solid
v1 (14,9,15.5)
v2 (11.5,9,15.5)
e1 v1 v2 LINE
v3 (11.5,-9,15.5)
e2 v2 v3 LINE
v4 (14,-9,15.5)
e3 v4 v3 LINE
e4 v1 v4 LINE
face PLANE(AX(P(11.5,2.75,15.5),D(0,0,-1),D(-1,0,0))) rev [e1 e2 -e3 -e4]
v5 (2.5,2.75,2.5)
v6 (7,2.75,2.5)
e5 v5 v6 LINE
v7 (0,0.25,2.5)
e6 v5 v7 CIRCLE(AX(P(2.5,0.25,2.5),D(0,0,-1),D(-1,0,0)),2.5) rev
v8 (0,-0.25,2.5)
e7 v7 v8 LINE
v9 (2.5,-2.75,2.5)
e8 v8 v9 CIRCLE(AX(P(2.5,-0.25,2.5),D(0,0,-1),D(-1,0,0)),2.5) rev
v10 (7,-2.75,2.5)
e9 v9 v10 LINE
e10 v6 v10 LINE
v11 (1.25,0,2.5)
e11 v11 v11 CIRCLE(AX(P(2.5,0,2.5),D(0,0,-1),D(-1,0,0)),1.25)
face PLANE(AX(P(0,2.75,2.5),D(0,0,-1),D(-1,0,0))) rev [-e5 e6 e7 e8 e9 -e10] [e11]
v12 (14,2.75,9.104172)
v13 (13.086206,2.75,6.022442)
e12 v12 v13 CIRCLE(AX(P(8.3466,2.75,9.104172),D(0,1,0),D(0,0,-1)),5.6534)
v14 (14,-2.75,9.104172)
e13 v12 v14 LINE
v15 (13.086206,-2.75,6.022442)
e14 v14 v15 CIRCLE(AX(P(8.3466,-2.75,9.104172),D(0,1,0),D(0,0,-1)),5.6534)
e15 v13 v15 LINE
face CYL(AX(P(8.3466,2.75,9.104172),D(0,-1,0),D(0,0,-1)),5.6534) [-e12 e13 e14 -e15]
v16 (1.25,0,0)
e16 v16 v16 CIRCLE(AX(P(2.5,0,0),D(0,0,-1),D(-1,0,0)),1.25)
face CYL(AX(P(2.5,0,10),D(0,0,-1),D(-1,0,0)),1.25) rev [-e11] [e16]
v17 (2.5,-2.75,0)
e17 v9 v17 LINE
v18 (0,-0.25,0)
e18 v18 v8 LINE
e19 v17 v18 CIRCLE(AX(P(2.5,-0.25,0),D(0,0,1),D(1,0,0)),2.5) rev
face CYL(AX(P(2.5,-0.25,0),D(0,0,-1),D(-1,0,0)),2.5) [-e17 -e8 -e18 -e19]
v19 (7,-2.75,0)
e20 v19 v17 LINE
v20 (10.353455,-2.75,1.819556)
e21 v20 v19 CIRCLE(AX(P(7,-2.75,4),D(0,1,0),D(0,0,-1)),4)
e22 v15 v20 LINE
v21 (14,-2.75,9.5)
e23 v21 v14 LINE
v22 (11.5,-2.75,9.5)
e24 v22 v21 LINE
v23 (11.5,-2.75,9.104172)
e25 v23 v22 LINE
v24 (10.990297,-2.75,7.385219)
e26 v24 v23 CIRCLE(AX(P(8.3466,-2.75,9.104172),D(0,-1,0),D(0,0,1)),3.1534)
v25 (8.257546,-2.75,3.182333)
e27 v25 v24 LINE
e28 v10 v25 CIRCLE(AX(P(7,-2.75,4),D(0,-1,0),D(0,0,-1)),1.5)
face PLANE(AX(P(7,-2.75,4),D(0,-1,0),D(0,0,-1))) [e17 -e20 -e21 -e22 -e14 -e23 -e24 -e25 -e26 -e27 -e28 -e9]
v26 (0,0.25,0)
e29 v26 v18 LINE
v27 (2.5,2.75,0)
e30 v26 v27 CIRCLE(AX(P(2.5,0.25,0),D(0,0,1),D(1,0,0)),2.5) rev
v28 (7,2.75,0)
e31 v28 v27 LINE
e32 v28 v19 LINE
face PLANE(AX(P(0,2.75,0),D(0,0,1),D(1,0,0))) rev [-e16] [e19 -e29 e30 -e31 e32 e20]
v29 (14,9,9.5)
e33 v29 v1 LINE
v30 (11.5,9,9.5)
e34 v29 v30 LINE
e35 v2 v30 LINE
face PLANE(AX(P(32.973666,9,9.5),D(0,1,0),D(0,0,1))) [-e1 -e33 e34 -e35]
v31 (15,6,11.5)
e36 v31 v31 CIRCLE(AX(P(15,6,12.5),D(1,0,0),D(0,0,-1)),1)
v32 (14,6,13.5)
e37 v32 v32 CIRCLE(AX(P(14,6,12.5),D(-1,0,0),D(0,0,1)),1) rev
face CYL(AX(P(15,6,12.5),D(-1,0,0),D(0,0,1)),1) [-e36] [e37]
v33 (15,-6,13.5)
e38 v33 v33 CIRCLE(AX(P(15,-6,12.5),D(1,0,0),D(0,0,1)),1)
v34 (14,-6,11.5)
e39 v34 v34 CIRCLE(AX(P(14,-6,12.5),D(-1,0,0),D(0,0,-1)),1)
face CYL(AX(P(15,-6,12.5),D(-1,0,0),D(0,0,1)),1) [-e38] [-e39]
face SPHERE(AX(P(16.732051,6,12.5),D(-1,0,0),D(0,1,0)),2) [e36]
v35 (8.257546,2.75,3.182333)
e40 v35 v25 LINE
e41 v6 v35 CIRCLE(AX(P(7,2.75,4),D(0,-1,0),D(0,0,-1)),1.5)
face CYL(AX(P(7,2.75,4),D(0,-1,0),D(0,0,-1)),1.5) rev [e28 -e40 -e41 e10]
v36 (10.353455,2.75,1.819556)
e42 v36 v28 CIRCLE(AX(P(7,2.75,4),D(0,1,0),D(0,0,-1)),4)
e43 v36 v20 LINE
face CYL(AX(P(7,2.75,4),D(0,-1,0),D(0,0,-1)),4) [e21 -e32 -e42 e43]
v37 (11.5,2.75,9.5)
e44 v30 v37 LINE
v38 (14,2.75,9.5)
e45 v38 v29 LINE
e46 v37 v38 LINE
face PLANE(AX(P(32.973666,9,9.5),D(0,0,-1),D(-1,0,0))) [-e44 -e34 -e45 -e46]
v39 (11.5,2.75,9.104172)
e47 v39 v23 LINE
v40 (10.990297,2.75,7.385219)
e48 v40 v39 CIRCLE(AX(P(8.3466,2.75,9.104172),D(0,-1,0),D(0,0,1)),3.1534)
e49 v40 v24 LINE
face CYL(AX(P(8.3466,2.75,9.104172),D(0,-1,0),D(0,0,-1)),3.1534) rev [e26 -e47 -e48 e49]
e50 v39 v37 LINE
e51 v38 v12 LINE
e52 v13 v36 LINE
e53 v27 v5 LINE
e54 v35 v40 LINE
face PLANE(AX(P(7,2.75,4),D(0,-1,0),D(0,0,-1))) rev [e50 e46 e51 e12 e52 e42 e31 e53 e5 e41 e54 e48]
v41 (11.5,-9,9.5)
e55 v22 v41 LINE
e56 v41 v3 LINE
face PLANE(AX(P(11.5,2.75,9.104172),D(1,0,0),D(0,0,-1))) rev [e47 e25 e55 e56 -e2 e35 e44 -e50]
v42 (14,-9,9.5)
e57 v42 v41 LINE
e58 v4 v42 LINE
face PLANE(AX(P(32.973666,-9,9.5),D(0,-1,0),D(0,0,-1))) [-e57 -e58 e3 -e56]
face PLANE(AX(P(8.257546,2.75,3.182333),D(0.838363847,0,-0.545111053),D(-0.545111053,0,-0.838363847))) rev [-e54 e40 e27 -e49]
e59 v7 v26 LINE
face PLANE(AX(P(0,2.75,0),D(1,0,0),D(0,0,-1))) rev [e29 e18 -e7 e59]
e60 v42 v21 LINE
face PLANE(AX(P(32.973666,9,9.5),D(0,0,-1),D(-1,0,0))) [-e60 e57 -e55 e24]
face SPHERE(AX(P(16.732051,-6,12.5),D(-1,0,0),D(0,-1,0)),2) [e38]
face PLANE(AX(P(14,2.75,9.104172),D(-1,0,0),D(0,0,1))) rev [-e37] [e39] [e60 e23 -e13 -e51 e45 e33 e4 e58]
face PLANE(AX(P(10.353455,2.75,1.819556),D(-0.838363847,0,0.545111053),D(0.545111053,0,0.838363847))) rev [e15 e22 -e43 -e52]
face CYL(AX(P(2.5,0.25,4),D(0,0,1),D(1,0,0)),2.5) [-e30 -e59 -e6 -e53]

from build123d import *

# Parameters (mm, degrees)
EXTRUDE_1_DEPTH     = 2.75
SKETCH_2_R          = 1.25
CUT_EXTRUDE_1_DEPTH = 10
FILLET_2_R          = 2.5
SKETCH_4_W          = 6
SKETCH_4_H          = 18
EXTRUDE_2_DEPTH     = 2.5
SKETCH_5_R          = 1
EXTRUDE_3_DEPTH     = 1


with BuildPart() as part:
    # 草图1 → 凸台-拉伸1 (new, symmetric)
    with BuildSketch(Plane(origin=(0, 0, 0), x_dir=(1, 0, 0), z_dir=(0, 1, 0))):
        with BuildLine():
            Line((0, 0), (7, 0))
            ThreePointArc((7, 0), (8.907645559, -0.484194485), (10.353455389, -1.819555789))
            Line((10.353455389, -1.819555789), (13.08620622, -6.022441585))
            ThreePointArc((13.08620622, -6.022441585), (13.76673936, -7.496994372), (14, -9.104172255))
            Line((14, -9.104172255), (14, -15.5))
            Line((14, -15.5), (11.5, -15.5))
            Line((11.5, -15.5), (11.5, -9.104172255))
            ThreePointArc((11.5, -9.104172255), (11.369889965, -8.207707378), (10.990296602, -7.385219216))
            Line((10.990296602, -7.385219216), (8.257545771, -3.182333421))
            ThreePointArc((8.257545771, -3.182333421), (7.715367085, -2.681572932), (7, -2.5))
            Line((7, -2.5), (0, -2.5))
            Line((0, -2.5), (0, 0))
        make_face()
    extrude(amount=EXTRUDE_1_DEPTH, both=True)

    # 草图2 → 切除-拉伸1 (cut)
    with BuildSketch(Plane(origin=(0, 0, 0), x_dir=(-1, 0, 0), z_dir=(0, 0, -1))):
        with Locations((-2.5, 0)):
            Circle(SKETCH_2_R)
    extrude(amount=-CUT_EXTRUDE_1_DEPTH, mode=Mode.SUBTRACT)

    # 圆角2
    fillet_2_edges = [part.edges().sort_by_distance(p)[0] for p in [
        (0, -2.75, 1.25),
        (0, 2.75, 1.25),
    ]]
    fillet(fillet_2_edges, radius=FILLET_2_R)

    # 草图4 → 凸台-拉伸2 (add)
    with BuildSketch(Plane.ZY.offset(-11.5)):
        with Locations((12.5, 0)):
            Rectangle(SKETCH_4_W, SKETCH_4_H)
    extrude(amount=-EXTRUDE_2_DEPTH)

    # 草图5 → 凸台-拉伸3 (add)
    with BuildSketch(Plane(origin=(14, 0, 0), x_dir=(0, 0, -1), z_dir=(1, 0, 0))):
        with Locations(Location((-12.5, 6, 0), (0, 0, 180))):
            Circle(SKETCH_5_R)
    extrude_3 = extrude(amount=EXTRUDE_3_DEPTH)

    # 草图6 → 旋转1 (revolve)
    with BuildSketch(Plane(origin=(0, 0, 12.5), x_dir=(-1, 0, 0), z_dir=(0, 0, -1))):
        with BuildLine():
            Line((-15, 6), (-18.732050808, 6))
            ThreePointArc((-18.732050808, 6), (-17.249688898, 7.931851653), (-15, 7))
            Line((-15, 7), (-15, 6))
        make_face()
    revolve_1 = revolve(axis=Axis((15, 6, 12.5), (1, 0, 0)))

    # 镜向1: 凸台-拉伸3, 旋转1 across plane
    add(extrude_3.mirror(Plane.ZX))
    add(revolve_1.mirror(Plane.ZX))


solid = part.part
